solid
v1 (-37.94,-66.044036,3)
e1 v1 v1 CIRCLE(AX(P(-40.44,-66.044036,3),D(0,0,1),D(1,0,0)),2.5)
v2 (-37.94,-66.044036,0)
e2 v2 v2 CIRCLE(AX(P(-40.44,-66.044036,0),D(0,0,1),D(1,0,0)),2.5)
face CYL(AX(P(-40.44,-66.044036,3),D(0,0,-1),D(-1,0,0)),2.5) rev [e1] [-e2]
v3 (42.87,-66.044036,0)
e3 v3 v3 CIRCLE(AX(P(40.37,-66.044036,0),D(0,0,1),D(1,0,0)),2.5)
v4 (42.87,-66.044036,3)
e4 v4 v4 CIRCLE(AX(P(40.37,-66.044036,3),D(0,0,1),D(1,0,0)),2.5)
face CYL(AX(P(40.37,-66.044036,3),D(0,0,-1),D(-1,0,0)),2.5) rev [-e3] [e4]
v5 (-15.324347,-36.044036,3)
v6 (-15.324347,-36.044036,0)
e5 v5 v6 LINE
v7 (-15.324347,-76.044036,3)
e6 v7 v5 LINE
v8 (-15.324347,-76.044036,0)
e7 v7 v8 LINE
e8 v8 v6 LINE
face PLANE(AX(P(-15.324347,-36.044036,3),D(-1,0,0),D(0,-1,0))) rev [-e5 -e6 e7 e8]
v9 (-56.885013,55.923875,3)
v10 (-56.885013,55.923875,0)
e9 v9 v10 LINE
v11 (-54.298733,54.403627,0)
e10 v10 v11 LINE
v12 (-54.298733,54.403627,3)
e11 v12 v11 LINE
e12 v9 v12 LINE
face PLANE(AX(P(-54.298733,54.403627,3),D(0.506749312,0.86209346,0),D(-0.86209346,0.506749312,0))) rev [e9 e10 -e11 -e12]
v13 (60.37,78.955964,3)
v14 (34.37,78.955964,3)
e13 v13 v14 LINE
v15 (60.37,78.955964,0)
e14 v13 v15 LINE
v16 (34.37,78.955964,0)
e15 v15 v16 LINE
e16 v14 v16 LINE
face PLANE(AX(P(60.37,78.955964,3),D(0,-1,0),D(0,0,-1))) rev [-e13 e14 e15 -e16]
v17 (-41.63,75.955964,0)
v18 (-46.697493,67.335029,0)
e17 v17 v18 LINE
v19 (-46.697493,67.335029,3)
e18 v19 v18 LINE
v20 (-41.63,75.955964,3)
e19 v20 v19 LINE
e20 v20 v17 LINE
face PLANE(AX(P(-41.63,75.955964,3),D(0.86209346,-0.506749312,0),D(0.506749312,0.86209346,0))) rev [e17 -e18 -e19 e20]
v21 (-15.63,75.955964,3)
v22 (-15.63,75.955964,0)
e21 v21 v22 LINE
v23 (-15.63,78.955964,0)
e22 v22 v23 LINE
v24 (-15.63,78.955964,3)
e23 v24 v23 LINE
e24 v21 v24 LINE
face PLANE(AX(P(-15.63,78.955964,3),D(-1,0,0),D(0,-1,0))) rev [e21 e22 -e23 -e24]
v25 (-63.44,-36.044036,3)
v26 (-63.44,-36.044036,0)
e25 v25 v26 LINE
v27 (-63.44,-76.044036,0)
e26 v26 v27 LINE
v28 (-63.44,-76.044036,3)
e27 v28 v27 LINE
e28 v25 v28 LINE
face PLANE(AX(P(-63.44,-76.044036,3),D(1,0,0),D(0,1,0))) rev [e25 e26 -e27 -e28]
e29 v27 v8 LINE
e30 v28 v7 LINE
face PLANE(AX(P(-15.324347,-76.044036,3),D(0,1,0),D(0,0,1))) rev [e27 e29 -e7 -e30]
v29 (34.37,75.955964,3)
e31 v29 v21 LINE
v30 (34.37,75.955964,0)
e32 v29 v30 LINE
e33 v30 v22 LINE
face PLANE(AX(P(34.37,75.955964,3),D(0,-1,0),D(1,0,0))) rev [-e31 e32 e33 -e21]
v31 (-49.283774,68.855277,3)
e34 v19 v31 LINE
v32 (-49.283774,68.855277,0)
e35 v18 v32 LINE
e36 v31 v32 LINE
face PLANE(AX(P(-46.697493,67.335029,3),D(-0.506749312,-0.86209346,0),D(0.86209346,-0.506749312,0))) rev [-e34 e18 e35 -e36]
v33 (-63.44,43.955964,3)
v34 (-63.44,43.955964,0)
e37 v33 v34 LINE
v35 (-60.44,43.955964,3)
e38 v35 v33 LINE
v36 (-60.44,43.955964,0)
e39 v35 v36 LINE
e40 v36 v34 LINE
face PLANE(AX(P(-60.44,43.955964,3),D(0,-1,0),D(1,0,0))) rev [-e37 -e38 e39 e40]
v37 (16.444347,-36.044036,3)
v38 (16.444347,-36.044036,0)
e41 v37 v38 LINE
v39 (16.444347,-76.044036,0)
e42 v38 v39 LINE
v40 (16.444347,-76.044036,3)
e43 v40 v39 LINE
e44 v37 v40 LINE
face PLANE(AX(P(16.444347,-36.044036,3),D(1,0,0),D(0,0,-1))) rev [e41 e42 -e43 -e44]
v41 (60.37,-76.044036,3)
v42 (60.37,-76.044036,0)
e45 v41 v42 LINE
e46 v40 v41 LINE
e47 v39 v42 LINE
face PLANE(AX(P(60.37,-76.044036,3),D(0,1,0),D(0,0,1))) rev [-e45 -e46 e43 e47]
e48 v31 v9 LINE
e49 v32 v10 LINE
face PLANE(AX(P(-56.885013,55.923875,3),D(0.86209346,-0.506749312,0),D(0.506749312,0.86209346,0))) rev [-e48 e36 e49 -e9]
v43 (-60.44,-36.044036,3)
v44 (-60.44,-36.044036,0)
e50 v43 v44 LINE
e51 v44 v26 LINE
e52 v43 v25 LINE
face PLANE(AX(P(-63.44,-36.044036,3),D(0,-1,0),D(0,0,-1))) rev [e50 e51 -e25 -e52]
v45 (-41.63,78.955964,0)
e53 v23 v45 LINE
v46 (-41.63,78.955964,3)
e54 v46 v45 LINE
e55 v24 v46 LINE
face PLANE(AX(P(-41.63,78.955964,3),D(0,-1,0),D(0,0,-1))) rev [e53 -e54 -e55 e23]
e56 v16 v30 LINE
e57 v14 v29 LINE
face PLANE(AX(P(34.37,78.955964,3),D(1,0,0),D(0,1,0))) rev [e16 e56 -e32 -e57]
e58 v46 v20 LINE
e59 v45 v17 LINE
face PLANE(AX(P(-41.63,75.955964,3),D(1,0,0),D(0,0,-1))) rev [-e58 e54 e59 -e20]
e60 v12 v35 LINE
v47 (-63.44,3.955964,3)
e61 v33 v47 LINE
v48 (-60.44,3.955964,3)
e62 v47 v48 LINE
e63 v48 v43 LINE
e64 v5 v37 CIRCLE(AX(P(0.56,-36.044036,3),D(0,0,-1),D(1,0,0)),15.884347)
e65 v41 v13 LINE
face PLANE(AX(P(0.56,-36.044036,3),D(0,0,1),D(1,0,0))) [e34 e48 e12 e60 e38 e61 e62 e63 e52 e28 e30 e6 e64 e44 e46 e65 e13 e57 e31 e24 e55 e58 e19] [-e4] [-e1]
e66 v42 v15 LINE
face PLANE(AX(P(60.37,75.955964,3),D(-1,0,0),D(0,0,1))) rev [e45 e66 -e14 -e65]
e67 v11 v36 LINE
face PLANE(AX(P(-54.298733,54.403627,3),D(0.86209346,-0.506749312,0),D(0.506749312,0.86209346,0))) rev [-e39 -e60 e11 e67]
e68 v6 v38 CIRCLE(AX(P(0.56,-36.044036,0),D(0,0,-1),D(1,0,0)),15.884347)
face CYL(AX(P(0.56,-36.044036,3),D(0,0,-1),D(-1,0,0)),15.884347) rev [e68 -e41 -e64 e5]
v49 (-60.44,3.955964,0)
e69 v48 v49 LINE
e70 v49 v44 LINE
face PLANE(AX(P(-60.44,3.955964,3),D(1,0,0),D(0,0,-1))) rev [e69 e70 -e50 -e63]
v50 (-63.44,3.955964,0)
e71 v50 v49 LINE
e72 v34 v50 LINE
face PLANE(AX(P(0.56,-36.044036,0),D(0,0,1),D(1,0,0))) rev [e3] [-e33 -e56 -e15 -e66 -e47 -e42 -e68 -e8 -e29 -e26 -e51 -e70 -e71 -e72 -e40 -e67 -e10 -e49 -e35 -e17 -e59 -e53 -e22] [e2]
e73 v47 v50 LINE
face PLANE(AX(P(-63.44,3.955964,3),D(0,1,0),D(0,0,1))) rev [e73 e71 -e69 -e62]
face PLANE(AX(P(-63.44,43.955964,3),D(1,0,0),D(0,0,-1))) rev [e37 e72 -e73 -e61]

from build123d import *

# Parameters (mm, degrees)
SKETCH1_R           = 2.5
BOSS_EXTRUDE1_DEPTH = 3


with BuildPart() as part:
    # Sketch1 → Boss-Extrude1 (new body)
    with BuildSketch(Plane.XY):
        with BuildLine():
            Line((34.37, 75.95596391), (-15.63, 75.95596391))
            Line((-15.63, 75.95596391), (-15.63, 78.95596391))
            Line((-15.63, 78.95596391), (-41.63, 78.95596391))
            Line((-41.63, 78.95596391), (-41.63, 75.95596391))
            Line((-41.63, 75.95596391), (-46.697493122, 67.335029306))
            Line((-46.697493122, 67.335029306), (-49.283773504, 68.855277242))
            Line((-49.283773504, 68.855277242), (-56.885013187, 55.923875336))
            Line((-56.885013187, 55.923875336), (-54.298732806, 54.403627399))
            Line((-54.298732806, 54.403627399), (-60.44, 43.95596391))
            Line((-60.44, 43.95596391), (-63.44, 43.95596391))
            Line((-63.44, 43.95596391), (-63.44, 3.95596391))
            Line((-63.44, 3.95596391), (-60.44, 3.95596391))
            Line((-60.44, 3.95596391), (-60.44, -36.04403609))
            Line((-60.44, -36.04403609), (-63.44, -36.04403609))
            Line((-63.44, -36.04403609), (-63.44, -76.04403609))
            Line((-63.44, -76.04403609), (-60.44, -76.04403609))
            Line((-60.44, -76.04403609), (-15.324347337, -76.04403609))
            Line((-15.324347337, -76.04403609), (-15.324347337, -36.04403609))
            ThreePointArc((-15.324347337, -36.04403609), (0.56, -20.159688753), (16.444347337, -36.04403609))
            Line((16.444347337, -36.04403609), (16.444347337, -76.04403609))
            Line((16.444347337, -76.04403609), (60.37, -76.04403609))
            Line((60.37, -76.04403609), (60.37, 75.95596391))
            Line((60.37, 75.95596391), (60.37, 78.95596391))
            Line((60.37, 78.95596391), (34.37, 78.95596391))
            Line((34.37, 78.95596391), (34.37, 75.95596391))
        make_face()
        with Locations((-40.44, -66.04403609)):
            Circle(SKETCH1_R, mode=Mode.SUBTRACT)
        with Locations((40.37, -66.04403609)):
            Circle(SKETCH1_R, mode=Mode.SUBTRACT)
    extrude(amount=BOSS_EXTRUDE1_DEPTH)


solid = part.part
